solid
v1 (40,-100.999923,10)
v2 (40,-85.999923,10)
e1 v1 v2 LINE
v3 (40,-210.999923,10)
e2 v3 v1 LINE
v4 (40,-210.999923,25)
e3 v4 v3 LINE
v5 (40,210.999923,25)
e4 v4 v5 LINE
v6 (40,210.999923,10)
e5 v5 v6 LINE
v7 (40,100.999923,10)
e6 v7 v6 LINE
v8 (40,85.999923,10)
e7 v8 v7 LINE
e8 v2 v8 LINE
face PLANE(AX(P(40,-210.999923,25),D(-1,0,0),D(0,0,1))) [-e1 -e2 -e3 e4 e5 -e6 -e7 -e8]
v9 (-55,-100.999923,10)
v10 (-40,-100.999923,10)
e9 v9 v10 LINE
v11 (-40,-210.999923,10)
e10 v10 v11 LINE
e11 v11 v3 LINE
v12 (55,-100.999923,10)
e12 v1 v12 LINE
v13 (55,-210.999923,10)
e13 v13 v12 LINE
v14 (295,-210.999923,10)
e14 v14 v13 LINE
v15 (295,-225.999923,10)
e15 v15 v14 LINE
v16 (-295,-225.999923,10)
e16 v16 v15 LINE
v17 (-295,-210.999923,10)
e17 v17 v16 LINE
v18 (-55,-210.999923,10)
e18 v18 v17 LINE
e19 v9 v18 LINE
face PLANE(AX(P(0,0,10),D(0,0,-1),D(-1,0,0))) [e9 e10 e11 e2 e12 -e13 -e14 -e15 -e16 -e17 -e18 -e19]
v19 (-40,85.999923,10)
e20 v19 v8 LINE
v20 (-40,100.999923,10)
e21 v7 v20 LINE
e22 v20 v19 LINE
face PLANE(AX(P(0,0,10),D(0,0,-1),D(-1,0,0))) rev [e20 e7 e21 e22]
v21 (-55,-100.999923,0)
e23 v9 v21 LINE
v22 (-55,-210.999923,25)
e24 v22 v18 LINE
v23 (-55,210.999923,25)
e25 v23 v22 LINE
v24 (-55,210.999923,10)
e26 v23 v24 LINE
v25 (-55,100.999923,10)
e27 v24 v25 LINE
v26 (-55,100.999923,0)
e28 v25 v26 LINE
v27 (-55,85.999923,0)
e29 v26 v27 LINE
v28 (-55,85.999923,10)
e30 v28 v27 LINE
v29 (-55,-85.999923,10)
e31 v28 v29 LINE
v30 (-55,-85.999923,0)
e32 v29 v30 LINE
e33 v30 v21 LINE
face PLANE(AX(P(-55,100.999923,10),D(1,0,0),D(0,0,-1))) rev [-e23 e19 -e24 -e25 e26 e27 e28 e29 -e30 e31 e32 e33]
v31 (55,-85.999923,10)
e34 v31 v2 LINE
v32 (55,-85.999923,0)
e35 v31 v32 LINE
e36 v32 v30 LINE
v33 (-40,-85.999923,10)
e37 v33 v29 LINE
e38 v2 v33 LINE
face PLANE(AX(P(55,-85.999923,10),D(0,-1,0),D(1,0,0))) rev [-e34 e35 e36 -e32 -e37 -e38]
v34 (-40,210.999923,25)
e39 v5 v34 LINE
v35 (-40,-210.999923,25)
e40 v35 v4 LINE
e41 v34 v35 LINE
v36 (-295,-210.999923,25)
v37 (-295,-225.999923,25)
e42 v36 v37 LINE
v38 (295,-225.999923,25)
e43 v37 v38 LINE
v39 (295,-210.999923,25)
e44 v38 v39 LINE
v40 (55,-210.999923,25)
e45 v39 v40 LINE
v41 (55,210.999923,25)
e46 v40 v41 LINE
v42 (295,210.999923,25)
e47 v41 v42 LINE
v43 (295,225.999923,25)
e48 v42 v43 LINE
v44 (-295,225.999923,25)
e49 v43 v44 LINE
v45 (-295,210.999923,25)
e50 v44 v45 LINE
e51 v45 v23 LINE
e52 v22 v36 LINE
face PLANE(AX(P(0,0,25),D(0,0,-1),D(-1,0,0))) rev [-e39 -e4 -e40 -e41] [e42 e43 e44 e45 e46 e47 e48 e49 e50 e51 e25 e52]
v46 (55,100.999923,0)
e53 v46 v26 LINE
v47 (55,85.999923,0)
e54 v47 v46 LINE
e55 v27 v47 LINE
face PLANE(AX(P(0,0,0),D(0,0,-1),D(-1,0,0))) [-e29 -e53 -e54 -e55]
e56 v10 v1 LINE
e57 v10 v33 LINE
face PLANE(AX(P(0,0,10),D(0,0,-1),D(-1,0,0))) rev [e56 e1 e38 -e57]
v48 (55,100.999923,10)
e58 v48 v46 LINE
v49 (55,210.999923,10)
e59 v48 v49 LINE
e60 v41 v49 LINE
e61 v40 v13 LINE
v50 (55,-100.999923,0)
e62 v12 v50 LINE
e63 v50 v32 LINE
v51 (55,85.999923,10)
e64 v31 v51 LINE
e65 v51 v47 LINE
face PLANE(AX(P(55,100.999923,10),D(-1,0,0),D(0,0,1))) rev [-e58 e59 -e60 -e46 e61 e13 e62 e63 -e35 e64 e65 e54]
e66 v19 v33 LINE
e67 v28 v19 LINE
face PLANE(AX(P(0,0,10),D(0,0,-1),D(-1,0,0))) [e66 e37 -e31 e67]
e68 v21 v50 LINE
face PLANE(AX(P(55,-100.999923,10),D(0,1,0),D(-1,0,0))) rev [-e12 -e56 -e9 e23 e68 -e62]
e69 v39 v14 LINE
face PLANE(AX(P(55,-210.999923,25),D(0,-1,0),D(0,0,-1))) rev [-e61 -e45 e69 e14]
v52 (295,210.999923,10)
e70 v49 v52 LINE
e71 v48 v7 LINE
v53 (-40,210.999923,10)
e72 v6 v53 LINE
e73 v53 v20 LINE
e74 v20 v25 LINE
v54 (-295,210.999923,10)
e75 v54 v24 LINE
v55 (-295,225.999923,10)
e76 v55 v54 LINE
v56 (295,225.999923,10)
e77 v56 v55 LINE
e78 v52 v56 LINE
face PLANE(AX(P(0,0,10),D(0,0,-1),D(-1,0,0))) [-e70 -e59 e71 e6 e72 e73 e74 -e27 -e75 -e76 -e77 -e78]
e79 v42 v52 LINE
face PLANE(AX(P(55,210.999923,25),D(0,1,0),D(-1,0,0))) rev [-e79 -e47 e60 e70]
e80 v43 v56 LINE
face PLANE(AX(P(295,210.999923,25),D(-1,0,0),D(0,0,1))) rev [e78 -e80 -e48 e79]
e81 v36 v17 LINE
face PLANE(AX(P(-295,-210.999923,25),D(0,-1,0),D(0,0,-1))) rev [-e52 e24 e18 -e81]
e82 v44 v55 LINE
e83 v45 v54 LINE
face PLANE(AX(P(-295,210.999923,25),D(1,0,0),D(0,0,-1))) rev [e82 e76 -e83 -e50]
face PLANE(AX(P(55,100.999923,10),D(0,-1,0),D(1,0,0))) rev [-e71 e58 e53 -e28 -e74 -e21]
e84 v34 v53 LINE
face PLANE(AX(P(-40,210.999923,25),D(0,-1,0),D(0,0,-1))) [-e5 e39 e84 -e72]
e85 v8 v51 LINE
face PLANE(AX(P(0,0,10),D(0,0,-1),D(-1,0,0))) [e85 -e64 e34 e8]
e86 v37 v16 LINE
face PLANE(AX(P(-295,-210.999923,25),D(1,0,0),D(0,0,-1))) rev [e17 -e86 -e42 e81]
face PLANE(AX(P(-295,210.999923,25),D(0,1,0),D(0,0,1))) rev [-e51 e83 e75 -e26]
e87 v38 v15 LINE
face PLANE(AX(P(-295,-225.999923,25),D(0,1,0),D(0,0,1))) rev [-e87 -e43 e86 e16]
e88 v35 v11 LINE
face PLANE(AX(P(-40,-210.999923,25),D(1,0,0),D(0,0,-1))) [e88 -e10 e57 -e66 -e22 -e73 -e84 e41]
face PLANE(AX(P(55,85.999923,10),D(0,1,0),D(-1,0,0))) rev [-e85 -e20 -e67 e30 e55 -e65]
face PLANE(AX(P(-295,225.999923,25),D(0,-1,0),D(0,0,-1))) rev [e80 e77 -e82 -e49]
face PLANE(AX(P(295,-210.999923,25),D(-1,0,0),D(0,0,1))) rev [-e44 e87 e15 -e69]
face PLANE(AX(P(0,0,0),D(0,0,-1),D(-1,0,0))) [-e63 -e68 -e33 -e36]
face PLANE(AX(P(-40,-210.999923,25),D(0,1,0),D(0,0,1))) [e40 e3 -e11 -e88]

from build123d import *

# Parameters (mm, degrees)
SKETCH1_W        = 110
SKETCH1_H        = 15
EXTRUDE1_DEPTH   = 10
EXTRUDE1_2_DEPTH = 10
SKETCH2_W        = 80
SKETCH2_H        = 421.99984649
EXTRUDE2_DEPTH   = 15


with BuildPart() as part:
    # Sketch1 → Extrude1 (new body)
    with BuildSketch(Plane.XY):
        with Locations((0, 93.499923245)):
            Rectangle(SKETCH1_W, SKETCH1_H)
    extrude(amount=EXTRUDE1_DEPTH)



with BuildPart() as body_2:
    # Sketch1 → Extrude1 2 (new body)
    with BuildSketch(Plane.XY):
        with Locations((0, -93.499923245)):
            Rectangle(SKETCH1_W, SKETCH1_H)
    extrude(amount=EXTRUDE1_2_DEPTH)


with BuildPart() as part_1:
    add(part.part)

    add(body_2.part)  # Extrude2 merges body 2
    # Sketch2 → Extrude2 (add)
    with BuildSketch(Plane.XY.offset(10)):
        Polygon((55, -210.999923245), (55, 210.999923245), (295, 210.999923245), (295, 225.999923245), (-295, 225.999923245), (-295, 210.999923245), (-55, 210.999923245), (-55, -210.999923245), (-295, -210.999923245), (-295, -225.999923245), (295, -225.999923245), (295, -210.999923245), align=None)
        Rectangle(SKETCH2_W, SKETCH2_H, mode=Mode.SUBTRACT)
    extrude(amount=EXTRUDE2_DEPTH)


solid = part_1.part
